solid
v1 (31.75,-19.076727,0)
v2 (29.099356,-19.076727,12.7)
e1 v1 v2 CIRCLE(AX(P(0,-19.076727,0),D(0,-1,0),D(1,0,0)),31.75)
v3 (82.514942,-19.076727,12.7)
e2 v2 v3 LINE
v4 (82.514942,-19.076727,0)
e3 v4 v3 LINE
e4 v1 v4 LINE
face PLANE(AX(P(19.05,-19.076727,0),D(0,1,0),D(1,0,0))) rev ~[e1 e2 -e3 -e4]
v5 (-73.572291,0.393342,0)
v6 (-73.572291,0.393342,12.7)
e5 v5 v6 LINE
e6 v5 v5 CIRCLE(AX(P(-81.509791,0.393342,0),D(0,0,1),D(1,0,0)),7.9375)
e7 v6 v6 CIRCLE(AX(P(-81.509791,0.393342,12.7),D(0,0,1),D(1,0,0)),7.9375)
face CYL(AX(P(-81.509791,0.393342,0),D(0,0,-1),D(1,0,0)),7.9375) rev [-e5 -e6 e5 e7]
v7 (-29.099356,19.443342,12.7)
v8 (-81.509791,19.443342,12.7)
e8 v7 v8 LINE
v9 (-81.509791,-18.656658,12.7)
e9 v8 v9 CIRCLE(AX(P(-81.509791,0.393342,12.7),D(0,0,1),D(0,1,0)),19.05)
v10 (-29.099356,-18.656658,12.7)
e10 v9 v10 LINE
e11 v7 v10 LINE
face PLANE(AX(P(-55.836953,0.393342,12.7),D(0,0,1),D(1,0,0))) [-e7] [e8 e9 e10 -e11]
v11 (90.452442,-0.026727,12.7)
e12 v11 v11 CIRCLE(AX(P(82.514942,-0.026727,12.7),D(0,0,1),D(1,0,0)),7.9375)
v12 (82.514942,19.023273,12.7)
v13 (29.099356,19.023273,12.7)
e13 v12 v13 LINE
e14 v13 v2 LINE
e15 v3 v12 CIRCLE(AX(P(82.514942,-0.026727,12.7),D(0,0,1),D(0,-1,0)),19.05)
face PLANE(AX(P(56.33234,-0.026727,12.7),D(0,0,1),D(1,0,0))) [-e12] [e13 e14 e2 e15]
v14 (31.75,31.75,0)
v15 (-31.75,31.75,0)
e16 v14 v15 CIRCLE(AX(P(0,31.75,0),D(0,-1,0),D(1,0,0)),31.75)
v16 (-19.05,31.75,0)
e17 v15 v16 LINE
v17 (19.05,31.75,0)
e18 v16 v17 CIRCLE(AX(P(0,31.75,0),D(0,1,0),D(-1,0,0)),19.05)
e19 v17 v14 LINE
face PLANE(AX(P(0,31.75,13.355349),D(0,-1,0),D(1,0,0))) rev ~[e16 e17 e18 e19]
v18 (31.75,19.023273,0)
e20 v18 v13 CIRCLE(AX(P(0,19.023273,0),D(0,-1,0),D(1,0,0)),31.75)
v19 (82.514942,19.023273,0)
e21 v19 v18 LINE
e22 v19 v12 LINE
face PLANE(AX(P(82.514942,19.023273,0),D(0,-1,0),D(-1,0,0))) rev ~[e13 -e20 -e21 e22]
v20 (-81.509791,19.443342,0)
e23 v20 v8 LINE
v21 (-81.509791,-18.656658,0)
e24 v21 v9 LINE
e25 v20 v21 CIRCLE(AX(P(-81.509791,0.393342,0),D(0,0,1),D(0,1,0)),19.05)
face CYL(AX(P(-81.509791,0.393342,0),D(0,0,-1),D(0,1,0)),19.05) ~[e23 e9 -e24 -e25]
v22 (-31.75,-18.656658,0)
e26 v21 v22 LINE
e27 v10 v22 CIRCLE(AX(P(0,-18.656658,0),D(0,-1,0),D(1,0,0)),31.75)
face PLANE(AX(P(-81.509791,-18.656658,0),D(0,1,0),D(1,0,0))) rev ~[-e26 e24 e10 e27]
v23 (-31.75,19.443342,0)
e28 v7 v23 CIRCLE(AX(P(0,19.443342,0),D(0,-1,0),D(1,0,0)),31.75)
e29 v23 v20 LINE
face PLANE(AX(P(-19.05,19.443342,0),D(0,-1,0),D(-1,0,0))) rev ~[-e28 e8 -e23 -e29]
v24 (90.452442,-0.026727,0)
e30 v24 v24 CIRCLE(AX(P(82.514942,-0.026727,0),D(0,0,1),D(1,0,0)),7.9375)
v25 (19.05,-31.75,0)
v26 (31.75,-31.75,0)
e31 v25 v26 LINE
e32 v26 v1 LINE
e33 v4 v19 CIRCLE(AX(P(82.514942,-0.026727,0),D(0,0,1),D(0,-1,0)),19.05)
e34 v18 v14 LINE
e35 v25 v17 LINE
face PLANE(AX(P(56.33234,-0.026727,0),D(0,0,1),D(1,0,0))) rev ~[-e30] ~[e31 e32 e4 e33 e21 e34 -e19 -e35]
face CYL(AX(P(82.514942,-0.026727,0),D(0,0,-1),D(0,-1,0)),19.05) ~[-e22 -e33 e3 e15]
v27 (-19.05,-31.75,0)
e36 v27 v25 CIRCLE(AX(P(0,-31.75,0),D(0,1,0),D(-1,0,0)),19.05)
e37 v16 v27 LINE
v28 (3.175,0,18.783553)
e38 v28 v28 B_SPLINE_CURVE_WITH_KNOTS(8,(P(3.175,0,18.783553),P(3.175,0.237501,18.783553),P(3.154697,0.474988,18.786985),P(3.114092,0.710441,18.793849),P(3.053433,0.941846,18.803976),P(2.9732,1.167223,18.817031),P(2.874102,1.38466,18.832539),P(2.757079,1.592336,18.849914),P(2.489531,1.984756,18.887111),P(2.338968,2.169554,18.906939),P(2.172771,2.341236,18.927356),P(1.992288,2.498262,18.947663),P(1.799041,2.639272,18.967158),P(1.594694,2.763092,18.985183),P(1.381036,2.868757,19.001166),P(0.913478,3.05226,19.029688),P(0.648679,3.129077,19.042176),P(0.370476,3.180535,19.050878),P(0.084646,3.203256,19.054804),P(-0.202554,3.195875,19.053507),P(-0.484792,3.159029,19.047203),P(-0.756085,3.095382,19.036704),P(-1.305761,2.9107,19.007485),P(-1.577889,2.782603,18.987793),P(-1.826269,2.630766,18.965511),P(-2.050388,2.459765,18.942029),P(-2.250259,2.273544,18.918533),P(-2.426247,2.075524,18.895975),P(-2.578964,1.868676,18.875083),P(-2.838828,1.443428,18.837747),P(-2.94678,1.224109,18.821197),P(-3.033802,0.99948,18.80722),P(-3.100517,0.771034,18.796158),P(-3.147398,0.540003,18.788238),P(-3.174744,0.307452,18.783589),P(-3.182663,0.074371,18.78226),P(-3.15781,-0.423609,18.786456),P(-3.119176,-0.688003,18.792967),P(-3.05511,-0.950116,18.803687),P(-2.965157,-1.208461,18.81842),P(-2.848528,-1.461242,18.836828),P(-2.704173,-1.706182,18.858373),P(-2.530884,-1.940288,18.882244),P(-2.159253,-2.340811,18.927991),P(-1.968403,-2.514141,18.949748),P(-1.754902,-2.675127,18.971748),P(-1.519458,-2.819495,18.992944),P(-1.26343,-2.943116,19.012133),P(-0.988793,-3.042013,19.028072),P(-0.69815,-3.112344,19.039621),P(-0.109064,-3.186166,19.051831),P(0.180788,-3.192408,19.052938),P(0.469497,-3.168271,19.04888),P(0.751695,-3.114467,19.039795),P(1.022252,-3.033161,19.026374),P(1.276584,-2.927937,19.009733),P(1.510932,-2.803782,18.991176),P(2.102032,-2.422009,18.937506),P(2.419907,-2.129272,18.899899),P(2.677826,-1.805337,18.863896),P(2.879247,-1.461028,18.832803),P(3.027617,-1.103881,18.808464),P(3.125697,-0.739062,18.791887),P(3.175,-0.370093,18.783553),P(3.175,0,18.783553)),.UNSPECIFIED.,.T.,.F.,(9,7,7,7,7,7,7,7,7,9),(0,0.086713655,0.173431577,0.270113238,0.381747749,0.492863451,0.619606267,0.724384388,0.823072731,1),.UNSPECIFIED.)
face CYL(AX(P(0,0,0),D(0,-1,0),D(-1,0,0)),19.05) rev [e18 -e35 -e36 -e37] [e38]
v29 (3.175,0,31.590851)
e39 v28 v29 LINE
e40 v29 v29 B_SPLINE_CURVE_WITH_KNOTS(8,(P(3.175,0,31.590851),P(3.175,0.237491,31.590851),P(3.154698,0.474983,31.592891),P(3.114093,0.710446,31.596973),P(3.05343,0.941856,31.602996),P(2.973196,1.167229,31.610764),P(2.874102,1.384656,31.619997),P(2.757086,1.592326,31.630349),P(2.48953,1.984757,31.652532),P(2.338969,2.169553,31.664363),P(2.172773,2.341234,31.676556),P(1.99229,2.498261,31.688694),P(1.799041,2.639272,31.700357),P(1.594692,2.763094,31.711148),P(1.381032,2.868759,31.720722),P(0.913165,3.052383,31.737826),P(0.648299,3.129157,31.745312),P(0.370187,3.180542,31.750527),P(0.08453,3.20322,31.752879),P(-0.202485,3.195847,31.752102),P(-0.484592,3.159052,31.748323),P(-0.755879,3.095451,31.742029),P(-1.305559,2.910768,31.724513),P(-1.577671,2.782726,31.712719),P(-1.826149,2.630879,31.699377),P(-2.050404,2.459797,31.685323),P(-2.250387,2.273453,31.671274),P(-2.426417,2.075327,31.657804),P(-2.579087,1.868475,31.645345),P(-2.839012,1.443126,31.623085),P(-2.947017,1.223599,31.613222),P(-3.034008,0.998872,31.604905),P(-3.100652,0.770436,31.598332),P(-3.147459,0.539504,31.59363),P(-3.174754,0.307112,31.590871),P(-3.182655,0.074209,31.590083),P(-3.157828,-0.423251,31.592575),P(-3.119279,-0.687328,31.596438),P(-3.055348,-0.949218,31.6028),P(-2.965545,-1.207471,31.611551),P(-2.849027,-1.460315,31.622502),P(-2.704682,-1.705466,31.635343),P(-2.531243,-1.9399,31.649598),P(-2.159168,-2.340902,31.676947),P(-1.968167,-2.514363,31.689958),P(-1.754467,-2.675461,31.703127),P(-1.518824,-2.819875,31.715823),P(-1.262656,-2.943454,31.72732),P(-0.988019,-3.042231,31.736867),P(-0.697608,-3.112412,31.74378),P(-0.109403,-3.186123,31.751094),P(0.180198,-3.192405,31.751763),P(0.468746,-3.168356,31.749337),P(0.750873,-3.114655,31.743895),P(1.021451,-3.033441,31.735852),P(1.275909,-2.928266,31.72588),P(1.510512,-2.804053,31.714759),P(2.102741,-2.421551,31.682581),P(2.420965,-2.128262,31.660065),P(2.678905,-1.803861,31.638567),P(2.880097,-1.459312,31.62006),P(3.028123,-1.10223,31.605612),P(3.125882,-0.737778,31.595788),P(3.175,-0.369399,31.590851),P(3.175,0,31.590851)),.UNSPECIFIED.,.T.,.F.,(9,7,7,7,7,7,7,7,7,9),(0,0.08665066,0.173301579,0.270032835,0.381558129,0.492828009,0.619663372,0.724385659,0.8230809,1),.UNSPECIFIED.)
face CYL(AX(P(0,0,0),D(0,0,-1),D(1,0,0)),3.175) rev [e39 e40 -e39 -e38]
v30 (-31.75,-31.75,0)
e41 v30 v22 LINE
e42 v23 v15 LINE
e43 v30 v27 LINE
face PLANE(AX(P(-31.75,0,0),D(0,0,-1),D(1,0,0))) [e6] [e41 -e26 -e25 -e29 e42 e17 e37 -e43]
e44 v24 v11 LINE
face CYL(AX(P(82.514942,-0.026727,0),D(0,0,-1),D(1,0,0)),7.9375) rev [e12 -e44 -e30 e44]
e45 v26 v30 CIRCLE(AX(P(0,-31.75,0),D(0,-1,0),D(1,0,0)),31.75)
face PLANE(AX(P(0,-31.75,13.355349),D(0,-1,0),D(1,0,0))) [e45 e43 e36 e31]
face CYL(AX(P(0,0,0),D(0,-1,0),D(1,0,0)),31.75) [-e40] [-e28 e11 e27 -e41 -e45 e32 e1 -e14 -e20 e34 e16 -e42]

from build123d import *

# Parameters (mm, degrees)
F1_DEPTH = 31.75
F2_R     = 3.175
F3_DEPTH = 41.402
F2_R_2   = 7.9375
F4_DEPTH = 12.7


with BuildPart() as f1:
    # F0 (on Front) → F1 (new body, symmetric)
    with BuildSketch(Plane.XZ):
        with BuildLine():
            Line((-31.75, 0), (-19.05, 0))
            ThreePointArc((-19.05, 0), (0, 19.05), (19.05, 0))
            Line((19.05, 0), (31.75, 0))
            ThreePointArc((31.75, 0), (0, 31.75), (-31.75, 0))
        make_face()
    extrude(amount=F1_DEPTH, both=True)

    # F2 (on Top) → F3 (cut)
    with BuildSketch(Plane.XY):
        Circle(F2_R)
    extrude(amount=F3_DEPTH, mode=Mode.SUBTRACT)

    # F2 (on Top) → F4 (join)
    with BuildSketch(Plane.XY):
        with BuildLine():
            ThreePointArc((82.514942, -19.076727), (101.564942, -0.026727), (82.514942, 19.023273))
            Line((82.514942, 19.023273), (19.05, 19.023273))
            Line((19.05, 19.023273), (19.05, -19.076727))
            Line((19.05, -19.076727), (82.514942, -19.076727))
        make_face()
        with Locations((82.514942, -0.026727)):
            Circle(F2_R_2, mode=Mode.SUBTRACT)
        with BuildLine():
            Line((-19.05, 19.443342), (-81.509791, 19.443342))
            ThreePointArc((-81.509791, 19.443342), (-100.559791, 0.393342), (-81.509791, -18.656658))
            Line((-81.509791, -18.656658), (-19.05, -18.656658))
            Line((-19.05, -18.656658), (-19.05, 19.443342))
        make_face()
        with Locations((-81.509791, 0.393342)):
            Circle(F2_R_2, mode=Mode.SUBTRACT)
    extrude(amount=F4_DEPTH)


solid = f1.part
